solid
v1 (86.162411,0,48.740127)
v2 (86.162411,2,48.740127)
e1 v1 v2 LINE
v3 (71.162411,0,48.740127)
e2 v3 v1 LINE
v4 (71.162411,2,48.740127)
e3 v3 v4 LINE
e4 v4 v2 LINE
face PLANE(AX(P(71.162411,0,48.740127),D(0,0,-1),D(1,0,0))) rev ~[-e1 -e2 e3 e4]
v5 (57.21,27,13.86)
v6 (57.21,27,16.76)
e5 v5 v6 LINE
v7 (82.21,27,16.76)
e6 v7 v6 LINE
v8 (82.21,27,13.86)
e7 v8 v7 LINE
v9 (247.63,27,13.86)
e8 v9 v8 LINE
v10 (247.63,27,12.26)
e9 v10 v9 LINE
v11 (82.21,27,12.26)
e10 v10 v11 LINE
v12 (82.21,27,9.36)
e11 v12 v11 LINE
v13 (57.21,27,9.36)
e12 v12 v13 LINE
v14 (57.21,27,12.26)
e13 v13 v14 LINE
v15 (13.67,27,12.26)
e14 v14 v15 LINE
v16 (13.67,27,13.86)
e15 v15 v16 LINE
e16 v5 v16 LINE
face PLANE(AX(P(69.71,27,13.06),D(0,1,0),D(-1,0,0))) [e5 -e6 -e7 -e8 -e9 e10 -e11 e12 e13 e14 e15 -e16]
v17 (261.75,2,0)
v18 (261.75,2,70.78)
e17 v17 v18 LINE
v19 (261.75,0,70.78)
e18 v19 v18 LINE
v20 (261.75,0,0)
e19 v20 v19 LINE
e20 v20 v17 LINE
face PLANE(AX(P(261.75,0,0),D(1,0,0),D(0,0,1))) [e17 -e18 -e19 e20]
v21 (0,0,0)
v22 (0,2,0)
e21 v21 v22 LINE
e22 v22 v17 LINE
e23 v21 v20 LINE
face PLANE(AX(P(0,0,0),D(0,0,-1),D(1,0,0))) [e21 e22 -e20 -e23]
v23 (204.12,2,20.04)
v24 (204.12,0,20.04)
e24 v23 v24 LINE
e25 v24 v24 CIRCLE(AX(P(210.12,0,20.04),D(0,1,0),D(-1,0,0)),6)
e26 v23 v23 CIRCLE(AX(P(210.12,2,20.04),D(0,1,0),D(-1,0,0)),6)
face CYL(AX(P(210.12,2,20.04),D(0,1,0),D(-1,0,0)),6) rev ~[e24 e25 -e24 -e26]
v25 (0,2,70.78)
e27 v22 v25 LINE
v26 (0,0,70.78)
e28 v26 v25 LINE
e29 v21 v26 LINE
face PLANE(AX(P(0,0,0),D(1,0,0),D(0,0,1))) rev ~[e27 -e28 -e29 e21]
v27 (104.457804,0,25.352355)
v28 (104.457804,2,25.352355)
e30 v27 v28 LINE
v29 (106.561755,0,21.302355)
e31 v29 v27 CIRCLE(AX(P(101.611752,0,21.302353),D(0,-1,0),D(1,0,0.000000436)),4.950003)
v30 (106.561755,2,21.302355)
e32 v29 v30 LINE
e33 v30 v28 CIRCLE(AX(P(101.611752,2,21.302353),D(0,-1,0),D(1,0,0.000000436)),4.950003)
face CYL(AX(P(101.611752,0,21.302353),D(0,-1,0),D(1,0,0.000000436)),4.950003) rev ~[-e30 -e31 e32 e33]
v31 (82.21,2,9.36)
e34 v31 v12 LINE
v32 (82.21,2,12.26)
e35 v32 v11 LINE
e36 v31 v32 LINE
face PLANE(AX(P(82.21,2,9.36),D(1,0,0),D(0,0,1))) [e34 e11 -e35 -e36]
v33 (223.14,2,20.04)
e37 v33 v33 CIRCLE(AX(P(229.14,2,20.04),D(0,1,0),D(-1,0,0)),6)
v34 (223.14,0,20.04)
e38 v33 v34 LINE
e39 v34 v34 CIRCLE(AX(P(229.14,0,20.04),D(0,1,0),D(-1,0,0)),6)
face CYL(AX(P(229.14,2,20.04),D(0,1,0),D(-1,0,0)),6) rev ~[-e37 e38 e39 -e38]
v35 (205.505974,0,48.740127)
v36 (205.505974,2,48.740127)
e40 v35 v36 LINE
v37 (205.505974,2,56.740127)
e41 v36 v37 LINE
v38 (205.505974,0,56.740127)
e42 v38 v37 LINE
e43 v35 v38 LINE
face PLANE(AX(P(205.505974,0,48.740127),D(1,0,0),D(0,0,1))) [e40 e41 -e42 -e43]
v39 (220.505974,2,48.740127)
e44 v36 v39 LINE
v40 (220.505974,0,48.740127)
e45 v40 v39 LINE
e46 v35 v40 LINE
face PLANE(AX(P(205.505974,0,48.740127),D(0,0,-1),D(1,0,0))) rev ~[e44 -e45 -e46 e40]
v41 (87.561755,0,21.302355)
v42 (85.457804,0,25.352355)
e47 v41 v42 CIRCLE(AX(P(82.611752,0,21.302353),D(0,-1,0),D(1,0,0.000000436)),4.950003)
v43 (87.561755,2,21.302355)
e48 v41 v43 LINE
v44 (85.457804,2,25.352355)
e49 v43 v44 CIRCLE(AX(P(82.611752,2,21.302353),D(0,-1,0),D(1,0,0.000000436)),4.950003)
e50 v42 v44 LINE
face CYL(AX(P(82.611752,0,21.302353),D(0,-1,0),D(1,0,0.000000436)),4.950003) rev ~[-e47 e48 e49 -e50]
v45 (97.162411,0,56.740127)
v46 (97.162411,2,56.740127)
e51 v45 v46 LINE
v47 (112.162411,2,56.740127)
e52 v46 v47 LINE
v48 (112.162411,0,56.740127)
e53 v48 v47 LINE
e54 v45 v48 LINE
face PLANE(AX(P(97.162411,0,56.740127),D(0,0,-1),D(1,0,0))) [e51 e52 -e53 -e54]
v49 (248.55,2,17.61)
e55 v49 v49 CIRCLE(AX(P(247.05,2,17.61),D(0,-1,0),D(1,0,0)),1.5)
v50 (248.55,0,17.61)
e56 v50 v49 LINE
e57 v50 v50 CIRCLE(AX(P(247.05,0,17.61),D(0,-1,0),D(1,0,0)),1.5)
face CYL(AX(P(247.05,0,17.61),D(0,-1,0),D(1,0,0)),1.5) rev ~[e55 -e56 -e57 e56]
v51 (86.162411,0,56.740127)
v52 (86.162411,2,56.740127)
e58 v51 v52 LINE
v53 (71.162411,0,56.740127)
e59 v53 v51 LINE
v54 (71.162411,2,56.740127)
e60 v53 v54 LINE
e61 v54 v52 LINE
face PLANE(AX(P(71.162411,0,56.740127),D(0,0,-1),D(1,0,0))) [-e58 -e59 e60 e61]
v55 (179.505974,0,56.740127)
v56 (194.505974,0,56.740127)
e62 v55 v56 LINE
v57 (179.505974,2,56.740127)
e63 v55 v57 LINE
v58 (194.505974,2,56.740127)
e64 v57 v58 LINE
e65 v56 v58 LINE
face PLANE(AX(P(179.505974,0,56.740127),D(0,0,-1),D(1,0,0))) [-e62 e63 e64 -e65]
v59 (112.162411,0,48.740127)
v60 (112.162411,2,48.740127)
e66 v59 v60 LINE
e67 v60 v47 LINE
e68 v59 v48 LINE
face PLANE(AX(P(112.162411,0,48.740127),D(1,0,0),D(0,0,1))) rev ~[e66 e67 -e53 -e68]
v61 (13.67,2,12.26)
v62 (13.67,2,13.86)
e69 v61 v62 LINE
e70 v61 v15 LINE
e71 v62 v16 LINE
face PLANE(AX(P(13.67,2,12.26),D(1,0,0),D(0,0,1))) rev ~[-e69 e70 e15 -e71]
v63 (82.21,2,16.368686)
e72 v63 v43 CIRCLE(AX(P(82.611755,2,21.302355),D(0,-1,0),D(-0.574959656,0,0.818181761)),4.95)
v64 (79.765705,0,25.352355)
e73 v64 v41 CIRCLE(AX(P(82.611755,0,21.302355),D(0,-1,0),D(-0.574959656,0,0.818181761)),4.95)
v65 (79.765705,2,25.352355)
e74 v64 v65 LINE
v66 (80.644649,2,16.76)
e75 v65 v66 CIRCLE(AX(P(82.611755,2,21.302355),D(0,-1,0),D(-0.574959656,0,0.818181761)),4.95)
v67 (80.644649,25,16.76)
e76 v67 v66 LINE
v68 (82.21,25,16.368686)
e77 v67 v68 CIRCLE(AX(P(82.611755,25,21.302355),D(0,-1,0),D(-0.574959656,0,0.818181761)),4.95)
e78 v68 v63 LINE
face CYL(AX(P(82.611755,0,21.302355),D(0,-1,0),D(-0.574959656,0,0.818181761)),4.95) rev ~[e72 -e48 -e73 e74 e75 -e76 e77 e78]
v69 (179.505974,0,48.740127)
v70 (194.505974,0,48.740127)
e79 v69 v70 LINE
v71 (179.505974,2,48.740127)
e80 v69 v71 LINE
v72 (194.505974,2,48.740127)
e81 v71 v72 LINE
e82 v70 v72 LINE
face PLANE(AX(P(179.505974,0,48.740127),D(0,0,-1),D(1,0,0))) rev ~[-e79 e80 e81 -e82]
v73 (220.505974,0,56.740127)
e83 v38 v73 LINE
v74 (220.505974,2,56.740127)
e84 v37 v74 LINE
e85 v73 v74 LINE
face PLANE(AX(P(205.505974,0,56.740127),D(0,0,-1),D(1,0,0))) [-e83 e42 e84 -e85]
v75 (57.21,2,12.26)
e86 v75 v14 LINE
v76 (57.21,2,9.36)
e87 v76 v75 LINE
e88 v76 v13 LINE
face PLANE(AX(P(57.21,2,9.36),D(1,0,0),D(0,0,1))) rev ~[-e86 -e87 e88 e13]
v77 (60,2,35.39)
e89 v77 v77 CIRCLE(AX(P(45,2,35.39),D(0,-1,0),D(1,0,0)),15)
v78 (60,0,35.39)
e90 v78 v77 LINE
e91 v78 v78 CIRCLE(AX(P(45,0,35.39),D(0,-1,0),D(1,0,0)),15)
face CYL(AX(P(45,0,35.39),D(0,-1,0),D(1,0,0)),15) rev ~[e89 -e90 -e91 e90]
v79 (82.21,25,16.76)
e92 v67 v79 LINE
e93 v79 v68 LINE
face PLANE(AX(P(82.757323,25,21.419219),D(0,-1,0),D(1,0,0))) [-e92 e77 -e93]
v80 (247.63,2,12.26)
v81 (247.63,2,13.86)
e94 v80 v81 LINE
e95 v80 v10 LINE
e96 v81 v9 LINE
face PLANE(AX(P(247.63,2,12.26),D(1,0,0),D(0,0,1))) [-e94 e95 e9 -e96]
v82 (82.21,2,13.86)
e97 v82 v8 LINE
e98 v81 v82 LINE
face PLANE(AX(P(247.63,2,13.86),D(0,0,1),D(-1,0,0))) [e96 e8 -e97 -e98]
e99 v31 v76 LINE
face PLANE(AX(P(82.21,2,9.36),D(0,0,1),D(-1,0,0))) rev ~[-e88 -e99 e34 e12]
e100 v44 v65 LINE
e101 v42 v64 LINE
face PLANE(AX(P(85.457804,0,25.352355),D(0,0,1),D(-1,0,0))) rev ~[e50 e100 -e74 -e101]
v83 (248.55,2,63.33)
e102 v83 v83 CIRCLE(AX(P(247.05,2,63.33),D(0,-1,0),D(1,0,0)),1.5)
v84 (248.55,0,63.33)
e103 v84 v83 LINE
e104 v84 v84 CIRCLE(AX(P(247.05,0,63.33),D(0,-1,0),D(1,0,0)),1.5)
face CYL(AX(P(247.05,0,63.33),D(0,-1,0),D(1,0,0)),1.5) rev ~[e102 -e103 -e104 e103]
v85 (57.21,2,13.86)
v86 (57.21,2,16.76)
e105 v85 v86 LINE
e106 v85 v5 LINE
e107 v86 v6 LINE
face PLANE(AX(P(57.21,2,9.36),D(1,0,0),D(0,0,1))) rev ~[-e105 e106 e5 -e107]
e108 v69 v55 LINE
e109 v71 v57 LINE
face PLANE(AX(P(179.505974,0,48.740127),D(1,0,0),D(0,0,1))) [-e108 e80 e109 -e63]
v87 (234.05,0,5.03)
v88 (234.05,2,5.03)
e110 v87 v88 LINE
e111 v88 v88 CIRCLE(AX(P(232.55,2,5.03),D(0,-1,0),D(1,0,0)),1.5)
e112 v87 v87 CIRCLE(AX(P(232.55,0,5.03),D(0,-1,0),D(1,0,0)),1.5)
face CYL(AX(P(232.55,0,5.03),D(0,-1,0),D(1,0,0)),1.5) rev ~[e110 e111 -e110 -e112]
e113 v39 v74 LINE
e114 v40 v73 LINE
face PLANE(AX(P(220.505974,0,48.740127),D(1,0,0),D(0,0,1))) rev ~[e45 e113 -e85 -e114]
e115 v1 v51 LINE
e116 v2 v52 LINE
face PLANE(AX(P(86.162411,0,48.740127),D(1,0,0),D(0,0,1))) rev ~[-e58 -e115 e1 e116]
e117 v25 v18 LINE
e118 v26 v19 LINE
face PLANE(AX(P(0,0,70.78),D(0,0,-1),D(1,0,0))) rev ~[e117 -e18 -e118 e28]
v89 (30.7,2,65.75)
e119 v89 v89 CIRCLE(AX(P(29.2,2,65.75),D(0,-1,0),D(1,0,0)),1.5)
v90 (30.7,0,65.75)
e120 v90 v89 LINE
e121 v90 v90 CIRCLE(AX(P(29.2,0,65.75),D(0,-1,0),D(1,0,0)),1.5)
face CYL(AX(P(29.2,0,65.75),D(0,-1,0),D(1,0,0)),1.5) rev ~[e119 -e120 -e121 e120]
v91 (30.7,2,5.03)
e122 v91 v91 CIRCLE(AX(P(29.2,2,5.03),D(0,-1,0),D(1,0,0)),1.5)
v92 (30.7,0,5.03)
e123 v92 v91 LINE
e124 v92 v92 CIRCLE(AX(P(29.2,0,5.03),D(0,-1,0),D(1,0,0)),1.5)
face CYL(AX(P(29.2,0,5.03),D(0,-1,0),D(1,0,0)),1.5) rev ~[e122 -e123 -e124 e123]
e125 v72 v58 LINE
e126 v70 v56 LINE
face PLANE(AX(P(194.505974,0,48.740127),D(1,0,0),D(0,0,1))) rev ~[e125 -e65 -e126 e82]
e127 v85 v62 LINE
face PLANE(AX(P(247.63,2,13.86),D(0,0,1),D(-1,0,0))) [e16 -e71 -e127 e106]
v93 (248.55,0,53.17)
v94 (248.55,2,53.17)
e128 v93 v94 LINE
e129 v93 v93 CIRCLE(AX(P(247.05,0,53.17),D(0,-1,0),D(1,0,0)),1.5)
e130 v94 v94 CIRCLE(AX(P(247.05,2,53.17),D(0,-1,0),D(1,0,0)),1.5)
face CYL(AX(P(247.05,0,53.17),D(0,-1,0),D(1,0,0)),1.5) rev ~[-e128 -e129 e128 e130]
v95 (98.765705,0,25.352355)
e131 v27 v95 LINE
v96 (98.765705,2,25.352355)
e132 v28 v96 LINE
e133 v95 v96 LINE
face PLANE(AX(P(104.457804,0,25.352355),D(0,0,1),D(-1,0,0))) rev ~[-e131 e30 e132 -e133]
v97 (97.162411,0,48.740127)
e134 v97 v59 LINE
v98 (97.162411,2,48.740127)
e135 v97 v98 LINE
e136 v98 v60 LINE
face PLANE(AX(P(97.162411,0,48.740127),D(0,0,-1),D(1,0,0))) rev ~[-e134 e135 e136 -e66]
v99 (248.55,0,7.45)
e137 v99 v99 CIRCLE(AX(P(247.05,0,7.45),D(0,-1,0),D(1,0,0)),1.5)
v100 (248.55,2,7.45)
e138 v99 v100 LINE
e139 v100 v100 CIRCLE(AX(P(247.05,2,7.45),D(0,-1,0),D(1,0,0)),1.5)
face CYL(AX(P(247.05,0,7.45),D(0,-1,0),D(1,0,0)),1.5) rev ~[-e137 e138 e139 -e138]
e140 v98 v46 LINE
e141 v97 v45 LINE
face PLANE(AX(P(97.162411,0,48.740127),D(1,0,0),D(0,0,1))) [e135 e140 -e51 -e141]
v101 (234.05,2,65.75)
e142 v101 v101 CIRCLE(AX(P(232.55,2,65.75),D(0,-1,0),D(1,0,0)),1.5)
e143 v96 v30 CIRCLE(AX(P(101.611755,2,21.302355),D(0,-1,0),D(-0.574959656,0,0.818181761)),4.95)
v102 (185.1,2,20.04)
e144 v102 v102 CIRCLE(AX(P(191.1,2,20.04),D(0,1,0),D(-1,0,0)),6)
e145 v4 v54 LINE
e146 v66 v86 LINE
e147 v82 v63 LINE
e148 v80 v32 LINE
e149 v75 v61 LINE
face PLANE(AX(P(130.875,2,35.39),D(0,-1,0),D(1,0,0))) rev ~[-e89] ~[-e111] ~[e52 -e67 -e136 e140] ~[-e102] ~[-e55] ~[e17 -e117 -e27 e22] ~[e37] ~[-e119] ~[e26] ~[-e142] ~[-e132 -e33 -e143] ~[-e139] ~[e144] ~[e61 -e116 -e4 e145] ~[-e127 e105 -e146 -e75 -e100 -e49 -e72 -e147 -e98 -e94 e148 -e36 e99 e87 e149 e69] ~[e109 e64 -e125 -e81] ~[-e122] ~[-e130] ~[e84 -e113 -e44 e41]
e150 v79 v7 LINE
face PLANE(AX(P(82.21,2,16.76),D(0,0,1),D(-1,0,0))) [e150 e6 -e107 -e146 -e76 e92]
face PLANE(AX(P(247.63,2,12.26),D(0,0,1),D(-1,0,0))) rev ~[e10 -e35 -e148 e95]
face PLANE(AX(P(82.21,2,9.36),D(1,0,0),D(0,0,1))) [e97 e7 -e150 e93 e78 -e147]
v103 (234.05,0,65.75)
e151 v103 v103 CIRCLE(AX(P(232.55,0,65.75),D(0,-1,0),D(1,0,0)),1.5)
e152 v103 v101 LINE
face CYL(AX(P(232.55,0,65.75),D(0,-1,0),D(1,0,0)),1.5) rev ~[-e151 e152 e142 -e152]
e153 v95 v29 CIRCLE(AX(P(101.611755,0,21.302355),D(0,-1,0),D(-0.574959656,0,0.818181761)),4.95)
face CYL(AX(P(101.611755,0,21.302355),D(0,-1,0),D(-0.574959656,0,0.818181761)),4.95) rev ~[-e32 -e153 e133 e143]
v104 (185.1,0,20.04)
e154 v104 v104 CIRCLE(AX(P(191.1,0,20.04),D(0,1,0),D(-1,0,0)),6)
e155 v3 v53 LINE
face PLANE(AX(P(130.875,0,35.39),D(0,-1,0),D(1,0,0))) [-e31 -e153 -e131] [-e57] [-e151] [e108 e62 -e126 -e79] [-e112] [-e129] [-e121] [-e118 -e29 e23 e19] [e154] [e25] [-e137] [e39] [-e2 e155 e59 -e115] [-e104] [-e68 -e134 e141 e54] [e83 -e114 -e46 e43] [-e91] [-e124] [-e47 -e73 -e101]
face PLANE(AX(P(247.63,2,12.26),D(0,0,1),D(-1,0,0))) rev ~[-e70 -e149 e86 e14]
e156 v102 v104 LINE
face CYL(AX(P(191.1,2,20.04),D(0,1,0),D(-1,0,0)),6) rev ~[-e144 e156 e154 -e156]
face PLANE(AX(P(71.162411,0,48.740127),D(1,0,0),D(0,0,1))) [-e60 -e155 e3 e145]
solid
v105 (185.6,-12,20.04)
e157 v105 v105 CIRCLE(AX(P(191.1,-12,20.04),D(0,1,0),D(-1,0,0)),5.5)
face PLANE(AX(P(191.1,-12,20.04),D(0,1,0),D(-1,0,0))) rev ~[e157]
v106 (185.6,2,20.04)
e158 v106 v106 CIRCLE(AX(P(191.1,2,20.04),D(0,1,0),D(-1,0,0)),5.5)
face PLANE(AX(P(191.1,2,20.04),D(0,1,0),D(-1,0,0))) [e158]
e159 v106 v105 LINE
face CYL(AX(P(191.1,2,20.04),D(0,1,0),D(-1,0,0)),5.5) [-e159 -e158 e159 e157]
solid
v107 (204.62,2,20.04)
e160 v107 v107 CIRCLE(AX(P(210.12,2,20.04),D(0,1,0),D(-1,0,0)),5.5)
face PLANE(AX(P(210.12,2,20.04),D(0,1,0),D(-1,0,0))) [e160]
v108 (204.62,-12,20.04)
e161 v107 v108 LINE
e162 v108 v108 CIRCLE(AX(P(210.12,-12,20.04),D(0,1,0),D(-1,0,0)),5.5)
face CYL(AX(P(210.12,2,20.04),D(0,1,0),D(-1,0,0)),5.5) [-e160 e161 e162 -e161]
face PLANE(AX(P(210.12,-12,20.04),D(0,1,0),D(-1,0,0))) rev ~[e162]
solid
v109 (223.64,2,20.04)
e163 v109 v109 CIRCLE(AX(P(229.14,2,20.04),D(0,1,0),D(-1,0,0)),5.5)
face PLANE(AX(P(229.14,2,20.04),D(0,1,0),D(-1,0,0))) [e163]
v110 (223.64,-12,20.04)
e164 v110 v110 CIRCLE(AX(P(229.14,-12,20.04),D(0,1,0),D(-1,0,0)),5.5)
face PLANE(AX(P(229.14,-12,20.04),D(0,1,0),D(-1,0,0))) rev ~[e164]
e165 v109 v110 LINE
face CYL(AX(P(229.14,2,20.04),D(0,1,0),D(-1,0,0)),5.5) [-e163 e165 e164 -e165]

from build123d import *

# Parameters (mm, degrees)
F0_W      = 261.75
F0_H      = 70.78
F0_R      = 1.5
F1_DEPTH  = 2
F2_W      = 233.96
F2_H      = 1.6
F3_DEPTH  = 25
F4_W      = 25
F4_H      = 7.4
F5_DEPTH  = 25
F6_R      = 6
F7_DEPTH  = 25
F8_R      = 5.5
F9_DEPTH  = 14
F10_R     = 1.5
F11_DEPTH = 25
F12_R     = 15
F13_DEPTH = 25
F14_W     = 15
F14_H     = 8
F15_DEPTH = 25
F17_DEPTH = 25


with BuildPart() as f1:
    # F0 (on Front) → F1 (new body)
    with BuildSketch(Plane.XZ):
        with Locations((130.875, 35.39)):
            Rectangle(F0_W, F0_H)
        with Locations((29.2, 5.03)):
            Circle(F0_R, mode=Mode.SUBTRACT)
        with Locations((232.55, 5.03)):
            Circle(F0_R, mode=Mode.SUBTRACT)
        with Locations((29.2, 65.75)):
            Circle(F0_R, mode=Mode.SUBTRACT)
        with Locations((232.55, 65.75)):
            Circle(F0_R, mode=Mode.SUBTRACT)
    extrude(amount=-F1_DEPTH)

    # F2 (on face) → F3 (join)
    with BuildSketch(Plane(origin=(0, 2, 0), x_dir=(-1, 0, 0), z_dir=(0, 1, 0))):
        with Locations((-130.65, 13.06)):
            Rectangle(F2_W, F2_H)
    extrude(amount=F3_DEPTH)

    # F4 (on face) → F5 (join)
    with BuildSketch(Plane(origin=(0, 2, 0), x_dir=(-1, 0, 0), z_dir=(0, 1, 0))):
        with Locations((-69.71, 13.06)):
            Rectangle(F4_W, F4_H)
    extrude(amount=F5_DEPTH)

    # F6 (on face) → F7 (cut)
    with BuildSketch(Plane(origin=(0, 2, 0), x_dir=(-1, 0, 0), z_dir=(0, 1, 0))):
        with Locations((-229.14, 20.04)):
            Circle(F6_R)
        with Locations((-210.12, 20.04)):
            Circle(F6_R)
        with Locations((-191.1, 20.04)):
            Circle(F6_R)
    extrude(amount=-F7_DEPTH, mode=Mode.SUBTRACT)

    # F10 (on face) → F11 (cut)
    with BuildSketch(Plane.XZ):
        with Locations((247.05, 7.45)):
            Circle(F10_R)
        with Locations((247.05, 17.61)):
            Circle(F10_R)
        with Locations((247.05, 53.17)):
            Circle(F10_R)
        with Locations((247.05, 63.33)):
            Circle(F10_R)
    extrude(amount=-F11_DEPTH, mode=Mode.SUBTRACT)

    # F12 (on face) → F13 (cut)
    with BuildSketch(Plane.XZ):
        with Locations((45, 35.39)):
            Circle(F12_R)
    extrude(amount=-F13_DEPTH, mode=Mode.SUBTRACT)

    # F14 (on face) → F15 (cut)
    with BuildSketch(Plane.XZ):
        with Locations((78.662411, 52.740127)):
            Rectangle(F14_W, F14_H)
        with Locations((104.662411, 52.740127)):
            Rectangle(F14_W, F14_H)
        with Locations((187.005974, 52.740127)):
            Rectangle(F14_W, F14_H)
        with Locations((213.005974, 52.740127)):
            Rectangle(F14_W, F14_H)
    extrude(amount=-F15_DEPTH, mode=Mode.SUBTRACT)

    # F16 (on face) → F17 (cut)
    with BuildSketch(Plane.XZ):
        with BuildLine():
            ThreePointArc((79.765705, 25.352355), (80.329809, 16.909723), (87.561755, 21.302355))
            ThreePointArc((87.561755, 21.302355), (87.004387, 23.584301), (85.457804, 25.352355))
            Line((85.457804, 25.352355), (79.765705, 25.352355))
        make_face()
        with BuildLine():
            Line((104.457804, 25.352355), (98.765705, 25.352355))
            ThreePointArc((98.765705, 25.352355), (99.329809, 16.909723), (106.561755, 21.302355))
            ThreePointArc((106.561755, 21.302355), (106.004387, 23.584301), (104.457804, 25.352355))
        make_face()
    extrude(amount=-F17_DEPTH, mode=Mode.SUBTRACT)


with BuildPart() as f9:
    # F8 (on face) → F9 (new body)
    with BuildSketch(Plane(origin=(0, 2, 0), x_dir=(-1, 0, 0), z_dir=(0, 1, 0))):
        with Locations((-229.14, 20.04)):
            Circle(F8_R)
        with Locations((-210.12, 20.04)):
            Circle(F8_R)
        with Locations((-191.1, 20.04)):
            Circle(F8_R)
    extrude(amount=-F9_DEPTH)


solid = Compound([f1.part, f9.part])
